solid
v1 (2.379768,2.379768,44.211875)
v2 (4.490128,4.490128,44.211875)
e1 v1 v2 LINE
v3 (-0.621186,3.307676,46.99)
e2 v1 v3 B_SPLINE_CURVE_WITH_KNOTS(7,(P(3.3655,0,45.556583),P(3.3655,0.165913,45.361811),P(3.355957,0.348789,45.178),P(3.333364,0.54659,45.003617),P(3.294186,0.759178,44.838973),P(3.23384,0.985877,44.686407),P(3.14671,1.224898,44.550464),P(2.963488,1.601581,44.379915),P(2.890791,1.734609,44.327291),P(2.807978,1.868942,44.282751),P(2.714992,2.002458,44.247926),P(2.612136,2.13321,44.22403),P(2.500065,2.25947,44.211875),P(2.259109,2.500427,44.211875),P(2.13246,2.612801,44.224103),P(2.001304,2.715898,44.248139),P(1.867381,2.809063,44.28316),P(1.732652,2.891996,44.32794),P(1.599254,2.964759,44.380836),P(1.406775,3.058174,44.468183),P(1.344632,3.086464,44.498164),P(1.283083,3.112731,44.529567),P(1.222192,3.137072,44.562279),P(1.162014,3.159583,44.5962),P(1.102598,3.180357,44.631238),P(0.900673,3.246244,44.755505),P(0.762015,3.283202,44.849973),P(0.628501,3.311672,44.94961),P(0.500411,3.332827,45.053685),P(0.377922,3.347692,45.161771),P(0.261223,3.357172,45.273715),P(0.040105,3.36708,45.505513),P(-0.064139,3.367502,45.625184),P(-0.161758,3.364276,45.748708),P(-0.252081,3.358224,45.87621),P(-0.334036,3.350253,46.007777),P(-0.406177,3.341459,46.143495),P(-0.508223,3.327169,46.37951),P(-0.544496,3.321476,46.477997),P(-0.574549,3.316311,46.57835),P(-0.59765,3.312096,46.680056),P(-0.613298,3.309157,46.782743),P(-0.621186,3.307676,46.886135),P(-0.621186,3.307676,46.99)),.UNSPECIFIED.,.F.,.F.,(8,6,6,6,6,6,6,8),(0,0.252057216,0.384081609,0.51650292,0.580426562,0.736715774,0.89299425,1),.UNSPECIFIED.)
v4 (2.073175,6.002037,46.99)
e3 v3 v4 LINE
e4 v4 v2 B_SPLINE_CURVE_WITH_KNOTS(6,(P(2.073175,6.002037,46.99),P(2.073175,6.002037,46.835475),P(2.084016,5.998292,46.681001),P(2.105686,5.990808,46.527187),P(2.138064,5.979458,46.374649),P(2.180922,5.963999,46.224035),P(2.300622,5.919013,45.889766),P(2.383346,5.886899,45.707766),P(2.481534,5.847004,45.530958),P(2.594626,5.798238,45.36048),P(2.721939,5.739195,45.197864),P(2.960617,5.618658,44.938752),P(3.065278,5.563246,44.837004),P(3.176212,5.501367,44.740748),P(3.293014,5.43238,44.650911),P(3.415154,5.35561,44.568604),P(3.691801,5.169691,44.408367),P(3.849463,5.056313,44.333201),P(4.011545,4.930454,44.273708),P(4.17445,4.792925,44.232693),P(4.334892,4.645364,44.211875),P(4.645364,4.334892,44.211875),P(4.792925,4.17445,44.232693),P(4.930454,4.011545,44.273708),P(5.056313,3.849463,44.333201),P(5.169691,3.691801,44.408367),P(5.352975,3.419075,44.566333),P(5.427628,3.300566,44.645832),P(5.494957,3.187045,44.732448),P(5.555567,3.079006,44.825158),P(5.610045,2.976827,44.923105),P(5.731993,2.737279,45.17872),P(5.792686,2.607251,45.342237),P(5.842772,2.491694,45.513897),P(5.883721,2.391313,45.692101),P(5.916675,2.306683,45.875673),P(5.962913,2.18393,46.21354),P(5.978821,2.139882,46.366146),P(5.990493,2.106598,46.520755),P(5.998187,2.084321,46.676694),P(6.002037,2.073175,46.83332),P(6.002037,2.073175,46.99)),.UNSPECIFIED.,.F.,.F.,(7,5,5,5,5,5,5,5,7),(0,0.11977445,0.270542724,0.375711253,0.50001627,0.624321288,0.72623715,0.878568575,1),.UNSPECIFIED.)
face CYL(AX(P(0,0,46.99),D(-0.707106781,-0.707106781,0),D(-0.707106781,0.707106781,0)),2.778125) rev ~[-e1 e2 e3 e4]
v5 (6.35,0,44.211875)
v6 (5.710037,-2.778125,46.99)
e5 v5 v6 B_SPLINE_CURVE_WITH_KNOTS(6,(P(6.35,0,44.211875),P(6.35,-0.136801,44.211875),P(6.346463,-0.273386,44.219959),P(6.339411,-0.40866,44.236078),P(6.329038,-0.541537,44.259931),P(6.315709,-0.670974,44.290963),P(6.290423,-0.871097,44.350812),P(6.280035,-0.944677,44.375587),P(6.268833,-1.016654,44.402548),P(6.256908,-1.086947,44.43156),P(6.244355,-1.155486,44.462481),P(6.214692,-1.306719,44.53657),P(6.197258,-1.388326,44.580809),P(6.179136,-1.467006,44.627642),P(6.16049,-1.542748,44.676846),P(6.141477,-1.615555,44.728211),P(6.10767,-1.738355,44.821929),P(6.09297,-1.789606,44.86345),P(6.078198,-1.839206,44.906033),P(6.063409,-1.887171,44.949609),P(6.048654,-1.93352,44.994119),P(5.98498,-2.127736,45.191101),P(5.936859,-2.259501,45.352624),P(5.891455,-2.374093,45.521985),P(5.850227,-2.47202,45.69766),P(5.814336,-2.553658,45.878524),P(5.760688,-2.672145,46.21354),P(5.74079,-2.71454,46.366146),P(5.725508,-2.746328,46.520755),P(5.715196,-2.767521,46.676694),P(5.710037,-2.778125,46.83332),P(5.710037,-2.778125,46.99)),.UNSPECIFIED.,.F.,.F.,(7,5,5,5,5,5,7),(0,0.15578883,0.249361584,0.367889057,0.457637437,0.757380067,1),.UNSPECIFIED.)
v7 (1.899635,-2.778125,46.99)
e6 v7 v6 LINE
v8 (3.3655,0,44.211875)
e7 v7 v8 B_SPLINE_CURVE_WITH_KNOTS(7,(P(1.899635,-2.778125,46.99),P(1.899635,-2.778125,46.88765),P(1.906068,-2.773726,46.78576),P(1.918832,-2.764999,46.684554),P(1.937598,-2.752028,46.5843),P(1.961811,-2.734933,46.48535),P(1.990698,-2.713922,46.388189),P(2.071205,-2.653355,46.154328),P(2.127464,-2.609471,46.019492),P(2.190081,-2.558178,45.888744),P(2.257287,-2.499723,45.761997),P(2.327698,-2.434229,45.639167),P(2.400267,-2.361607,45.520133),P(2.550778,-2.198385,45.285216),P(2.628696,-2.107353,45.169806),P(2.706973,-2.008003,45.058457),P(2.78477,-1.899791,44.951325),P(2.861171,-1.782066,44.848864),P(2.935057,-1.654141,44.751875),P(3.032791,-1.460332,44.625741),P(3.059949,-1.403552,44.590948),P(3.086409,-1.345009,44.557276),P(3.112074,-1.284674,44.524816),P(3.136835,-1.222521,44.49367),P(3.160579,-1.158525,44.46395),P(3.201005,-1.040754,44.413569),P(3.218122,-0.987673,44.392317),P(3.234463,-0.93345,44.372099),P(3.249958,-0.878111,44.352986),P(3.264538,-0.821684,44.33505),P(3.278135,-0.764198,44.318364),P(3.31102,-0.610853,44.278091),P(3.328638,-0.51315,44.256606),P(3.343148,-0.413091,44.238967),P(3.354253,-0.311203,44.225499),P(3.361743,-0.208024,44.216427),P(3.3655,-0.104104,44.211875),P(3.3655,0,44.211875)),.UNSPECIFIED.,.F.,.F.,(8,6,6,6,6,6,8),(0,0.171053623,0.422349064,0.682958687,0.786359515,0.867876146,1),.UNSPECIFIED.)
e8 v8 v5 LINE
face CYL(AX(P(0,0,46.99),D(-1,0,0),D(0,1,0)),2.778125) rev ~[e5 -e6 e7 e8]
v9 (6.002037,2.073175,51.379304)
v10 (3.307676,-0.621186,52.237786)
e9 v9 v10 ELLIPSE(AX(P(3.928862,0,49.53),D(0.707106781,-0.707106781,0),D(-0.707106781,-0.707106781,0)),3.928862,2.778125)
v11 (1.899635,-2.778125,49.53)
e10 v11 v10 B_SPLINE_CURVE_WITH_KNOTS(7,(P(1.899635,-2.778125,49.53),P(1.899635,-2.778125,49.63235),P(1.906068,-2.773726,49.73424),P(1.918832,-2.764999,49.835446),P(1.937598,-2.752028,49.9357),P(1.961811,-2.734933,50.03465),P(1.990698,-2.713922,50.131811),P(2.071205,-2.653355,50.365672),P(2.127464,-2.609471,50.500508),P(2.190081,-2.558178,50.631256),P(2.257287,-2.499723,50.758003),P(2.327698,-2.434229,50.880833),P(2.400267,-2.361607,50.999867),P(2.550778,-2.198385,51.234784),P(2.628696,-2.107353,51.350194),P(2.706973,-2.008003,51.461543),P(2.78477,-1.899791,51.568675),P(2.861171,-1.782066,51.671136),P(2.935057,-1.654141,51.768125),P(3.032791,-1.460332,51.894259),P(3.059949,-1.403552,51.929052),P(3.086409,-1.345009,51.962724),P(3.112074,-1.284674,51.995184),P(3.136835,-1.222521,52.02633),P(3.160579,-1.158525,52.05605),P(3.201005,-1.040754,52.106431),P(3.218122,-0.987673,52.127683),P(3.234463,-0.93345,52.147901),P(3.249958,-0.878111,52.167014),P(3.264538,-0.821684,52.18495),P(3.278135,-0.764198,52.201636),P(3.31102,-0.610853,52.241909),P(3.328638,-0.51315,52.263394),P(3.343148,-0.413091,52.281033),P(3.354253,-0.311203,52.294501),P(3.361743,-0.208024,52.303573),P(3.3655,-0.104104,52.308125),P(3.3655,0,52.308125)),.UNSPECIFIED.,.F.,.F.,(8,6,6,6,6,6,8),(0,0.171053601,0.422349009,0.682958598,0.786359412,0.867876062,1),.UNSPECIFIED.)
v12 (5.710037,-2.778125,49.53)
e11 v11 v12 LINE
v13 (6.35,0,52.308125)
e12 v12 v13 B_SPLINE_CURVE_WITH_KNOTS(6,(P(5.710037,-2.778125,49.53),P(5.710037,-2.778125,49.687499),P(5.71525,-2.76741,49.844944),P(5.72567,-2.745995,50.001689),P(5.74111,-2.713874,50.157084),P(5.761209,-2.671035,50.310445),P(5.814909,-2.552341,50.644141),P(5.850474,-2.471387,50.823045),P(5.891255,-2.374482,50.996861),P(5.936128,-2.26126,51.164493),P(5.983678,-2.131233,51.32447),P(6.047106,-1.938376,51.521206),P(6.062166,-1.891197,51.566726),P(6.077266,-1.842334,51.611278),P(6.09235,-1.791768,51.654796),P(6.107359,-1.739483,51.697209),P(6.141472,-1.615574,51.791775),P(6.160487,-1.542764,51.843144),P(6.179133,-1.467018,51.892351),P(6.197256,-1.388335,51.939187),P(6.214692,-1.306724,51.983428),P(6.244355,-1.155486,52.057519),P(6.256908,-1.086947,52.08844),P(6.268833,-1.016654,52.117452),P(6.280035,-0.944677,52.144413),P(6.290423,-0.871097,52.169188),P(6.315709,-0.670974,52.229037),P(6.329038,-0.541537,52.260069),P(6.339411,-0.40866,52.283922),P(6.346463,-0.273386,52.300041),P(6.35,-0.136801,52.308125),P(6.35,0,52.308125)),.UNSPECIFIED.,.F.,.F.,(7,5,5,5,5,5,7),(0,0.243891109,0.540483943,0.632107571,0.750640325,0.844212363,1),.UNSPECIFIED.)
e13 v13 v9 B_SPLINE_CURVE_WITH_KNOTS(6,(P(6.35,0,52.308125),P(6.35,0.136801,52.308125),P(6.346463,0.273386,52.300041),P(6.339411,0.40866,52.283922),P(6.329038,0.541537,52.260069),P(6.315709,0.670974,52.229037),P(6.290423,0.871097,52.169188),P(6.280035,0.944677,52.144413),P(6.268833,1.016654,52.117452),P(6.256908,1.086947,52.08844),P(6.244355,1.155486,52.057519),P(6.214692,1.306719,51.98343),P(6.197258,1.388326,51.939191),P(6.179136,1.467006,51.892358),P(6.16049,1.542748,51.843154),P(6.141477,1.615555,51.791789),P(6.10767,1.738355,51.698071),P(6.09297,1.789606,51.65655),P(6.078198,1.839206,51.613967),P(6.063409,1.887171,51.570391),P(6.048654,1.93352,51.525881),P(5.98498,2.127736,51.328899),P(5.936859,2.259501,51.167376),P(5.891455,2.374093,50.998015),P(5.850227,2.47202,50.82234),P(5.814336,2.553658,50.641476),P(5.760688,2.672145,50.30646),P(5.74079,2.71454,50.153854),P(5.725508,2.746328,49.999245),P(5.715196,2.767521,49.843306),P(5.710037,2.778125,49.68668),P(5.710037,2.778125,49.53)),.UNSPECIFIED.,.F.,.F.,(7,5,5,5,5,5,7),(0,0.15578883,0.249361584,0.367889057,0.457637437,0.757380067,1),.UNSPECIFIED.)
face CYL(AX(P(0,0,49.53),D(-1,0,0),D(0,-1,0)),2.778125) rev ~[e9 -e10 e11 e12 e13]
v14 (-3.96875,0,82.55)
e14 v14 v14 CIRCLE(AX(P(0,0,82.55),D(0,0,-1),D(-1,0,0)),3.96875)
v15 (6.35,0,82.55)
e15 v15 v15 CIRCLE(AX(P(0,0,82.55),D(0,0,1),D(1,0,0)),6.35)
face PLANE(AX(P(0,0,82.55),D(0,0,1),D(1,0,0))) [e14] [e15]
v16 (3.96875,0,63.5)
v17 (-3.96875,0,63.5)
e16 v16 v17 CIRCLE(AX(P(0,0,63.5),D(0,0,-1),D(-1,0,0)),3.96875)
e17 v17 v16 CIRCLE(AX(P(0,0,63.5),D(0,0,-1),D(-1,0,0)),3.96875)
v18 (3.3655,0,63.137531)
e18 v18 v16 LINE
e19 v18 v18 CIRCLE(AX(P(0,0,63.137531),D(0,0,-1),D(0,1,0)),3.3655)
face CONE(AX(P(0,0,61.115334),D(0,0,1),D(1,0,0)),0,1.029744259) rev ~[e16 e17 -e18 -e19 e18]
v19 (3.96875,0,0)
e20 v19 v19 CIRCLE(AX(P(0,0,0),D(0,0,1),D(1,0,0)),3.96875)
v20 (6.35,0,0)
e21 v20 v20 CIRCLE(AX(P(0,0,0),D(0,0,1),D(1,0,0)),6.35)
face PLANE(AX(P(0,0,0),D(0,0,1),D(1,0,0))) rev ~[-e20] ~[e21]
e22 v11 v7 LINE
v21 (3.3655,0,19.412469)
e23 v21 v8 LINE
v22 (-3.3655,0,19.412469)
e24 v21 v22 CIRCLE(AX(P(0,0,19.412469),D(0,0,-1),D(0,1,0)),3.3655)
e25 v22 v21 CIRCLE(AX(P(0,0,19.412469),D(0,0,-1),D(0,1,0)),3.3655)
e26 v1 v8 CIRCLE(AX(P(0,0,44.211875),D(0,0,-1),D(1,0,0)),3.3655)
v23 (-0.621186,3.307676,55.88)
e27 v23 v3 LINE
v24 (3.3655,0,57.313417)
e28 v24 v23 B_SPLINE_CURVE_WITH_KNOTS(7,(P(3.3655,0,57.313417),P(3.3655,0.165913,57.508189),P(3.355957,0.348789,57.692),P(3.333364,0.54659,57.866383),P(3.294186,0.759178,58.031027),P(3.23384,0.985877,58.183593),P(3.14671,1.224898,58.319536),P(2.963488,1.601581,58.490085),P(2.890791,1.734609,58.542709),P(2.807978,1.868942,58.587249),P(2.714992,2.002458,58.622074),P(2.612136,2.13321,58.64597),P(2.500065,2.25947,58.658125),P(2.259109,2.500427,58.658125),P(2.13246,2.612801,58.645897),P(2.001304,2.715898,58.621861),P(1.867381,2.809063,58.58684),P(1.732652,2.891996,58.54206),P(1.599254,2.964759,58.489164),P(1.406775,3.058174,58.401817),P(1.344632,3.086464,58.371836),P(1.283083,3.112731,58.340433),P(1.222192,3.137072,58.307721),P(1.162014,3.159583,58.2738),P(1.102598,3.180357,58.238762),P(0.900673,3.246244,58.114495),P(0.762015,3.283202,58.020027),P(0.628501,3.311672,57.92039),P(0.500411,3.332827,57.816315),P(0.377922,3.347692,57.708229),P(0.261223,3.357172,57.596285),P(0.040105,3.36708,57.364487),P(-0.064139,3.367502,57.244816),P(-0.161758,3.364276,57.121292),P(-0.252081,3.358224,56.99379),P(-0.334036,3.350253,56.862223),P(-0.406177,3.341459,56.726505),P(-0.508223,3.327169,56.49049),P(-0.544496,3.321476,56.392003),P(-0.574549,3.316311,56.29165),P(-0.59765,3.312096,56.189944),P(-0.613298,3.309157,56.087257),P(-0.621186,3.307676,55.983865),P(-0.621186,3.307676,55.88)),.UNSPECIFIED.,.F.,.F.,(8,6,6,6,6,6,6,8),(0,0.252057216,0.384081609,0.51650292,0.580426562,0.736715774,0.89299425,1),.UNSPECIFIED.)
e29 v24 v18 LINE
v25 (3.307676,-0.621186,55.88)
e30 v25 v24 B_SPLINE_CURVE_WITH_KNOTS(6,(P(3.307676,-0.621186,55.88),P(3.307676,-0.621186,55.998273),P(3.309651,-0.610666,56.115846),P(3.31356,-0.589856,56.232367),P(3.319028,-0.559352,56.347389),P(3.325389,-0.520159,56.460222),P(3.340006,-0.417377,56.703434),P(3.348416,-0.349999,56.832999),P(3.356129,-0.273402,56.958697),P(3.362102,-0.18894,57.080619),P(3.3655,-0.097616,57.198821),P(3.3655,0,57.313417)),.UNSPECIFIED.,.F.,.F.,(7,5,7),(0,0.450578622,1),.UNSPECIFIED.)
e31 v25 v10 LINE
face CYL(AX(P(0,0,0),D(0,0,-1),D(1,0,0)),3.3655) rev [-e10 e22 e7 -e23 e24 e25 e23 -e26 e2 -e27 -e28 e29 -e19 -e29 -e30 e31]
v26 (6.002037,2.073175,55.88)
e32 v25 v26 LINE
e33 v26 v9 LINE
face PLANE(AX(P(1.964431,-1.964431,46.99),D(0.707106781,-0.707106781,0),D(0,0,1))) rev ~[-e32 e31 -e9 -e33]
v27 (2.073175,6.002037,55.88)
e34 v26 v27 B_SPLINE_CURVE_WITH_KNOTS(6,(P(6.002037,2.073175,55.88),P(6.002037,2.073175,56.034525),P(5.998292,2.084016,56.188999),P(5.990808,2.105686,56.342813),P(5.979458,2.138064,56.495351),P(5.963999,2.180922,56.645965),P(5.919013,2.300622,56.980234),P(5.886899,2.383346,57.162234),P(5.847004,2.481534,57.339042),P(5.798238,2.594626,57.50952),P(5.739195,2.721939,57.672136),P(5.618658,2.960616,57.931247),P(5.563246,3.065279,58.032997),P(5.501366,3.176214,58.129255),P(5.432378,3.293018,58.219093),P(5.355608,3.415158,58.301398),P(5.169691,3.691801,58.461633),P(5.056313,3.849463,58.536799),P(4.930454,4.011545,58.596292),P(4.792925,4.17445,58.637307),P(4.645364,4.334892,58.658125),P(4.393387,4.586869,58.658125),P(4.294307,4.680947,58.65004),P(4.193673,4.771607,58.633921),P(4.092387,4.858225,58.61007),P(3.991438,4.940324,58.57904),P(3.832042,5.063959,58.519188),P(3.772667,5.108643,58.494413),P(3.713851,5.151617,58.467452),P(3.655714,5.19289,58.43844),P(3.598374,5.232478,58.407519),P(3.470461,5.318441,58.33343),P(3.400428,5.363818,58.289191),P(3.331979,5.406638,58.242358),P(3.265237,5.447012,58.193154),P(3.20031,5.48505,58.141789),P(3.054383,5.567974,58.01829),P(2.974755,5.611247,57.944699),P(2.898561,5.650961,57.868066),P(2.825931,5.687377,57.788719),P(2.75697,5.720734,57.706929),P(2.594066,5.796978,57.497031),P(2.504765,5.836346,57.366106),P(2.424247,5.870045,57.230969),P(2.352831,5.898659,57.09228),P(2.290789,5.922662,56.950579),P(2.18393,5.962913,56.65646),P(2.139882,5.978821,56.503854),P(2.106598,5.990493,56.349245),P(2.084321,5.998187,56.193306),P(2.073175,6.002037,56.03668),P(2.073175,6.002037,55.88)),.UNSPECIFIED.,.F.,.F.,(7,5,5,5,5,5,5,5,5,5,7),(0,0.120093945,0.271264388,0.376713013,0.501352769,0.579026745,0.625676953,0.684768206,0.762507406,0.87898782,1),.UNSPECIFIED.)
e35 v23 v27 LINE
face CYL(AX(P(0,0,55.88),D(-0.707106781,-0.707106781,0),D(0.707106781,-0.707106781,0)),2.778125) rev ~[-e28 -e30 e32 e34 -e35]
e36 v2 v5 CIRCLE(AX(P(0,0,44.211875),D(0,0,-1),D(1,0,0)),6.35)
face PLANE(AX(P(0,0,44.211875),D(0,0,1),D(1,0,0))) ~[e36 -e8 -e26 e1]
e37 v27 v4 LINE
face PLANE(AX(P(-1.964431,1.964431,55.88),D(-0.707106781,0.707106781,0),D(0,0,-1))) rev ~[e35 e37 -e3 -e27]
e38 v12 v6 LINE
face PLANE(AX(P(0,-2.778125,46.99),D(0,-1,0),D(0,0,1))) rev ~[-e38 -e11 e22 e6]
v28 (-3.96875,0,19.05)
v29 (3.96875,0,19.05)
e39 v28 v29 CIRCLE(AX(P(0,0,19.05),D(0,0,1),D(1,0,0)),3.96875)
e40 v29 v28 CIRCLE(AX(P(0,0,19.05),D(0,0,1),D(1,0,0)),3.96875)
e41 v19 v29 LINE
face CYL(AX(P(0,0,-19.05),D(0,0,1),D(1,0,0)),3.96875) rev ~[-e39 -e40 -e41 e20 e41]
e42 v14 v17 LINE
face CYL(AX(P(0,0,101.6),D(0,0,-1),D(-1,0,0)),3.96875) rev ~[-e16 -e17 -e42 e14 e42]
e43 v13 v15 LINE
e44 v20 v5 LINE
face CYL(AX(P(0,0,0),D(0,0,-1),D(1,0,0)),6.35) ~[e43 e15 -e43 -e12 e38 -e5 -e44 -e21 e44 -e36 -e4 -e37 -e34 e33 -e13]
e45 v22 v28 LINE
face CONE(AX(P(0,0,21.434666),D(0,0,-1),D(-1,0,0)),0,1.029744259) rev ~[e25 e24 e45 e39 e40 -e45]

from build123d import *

# Parameters (mm, degrees)
SKETCH1_R                   = 6.35
SKETCH1_R_2                 = 3.3655
BOSS_EXTRUDE1_DEPTH         = 82.55
F_3_8_16_TAPPED_HOLE0_D     = 7.9375
F_3_8_16_TAPPED_HOLE0_DEPTH = 19.05
F_3_8_16_TAPPED_HOLE0_TIP   = 2.384665582
CUT_EXTRUDE2_DEPTH          = 7.35
SKETCH75_W                  = 12.7
SKETCH75_H                  = 5.318125
CUT_REVOLVE1_ANGLE          = 45
CUT_EXTRUDE3_DEPTH          = 9.980256262
F_3_8_16_TAPPED_HOLE1_D     = 7.9375
F_3_8_16_TAPPED_HOLE1_DEPTH = 19.05
F_3_8_16_TAPPED_HOLE1_TIP   = 2.384665582


with BuildPart() as part:
    # Sketch1 → Boss-Extrude1 (new body)
    with BuildSketch(Plane.XY):
        Circle(SKETCH1_R)
        Circle(SKETCH1_R_2, mode=Mode.SUBTRACT)
    extrude(amount=BOSS_EXTRUDE1_DEPTH)

    # 3/8-16 Tapped Hole0
    with Locations(Plane(origin=(0, 0, 0), x_dir=(-1, 0, 0), z_dir=(0, 0, -1))):
        with Locations((0, 0)):
            Hole(F_3_8_16_TAPPED_HOLE0_D / 2, depth=F_3_8_16_TAPPED_HOLE0_DEPTH)
            with Locations((0, 0, -(F_3_8_16_TAPPED_HOLE0_DEPTH + F_3_8_16_TAPPED_HOLE0_TIP / 2))):  # 118° drill point
                Cone(0, F_3_8_16_TAPPED_HOLE0_D / 2, F_3_8_16_TAPPED_HOLE0_TIP, mode=Mode.SUBTRACT)

    # Sketch13 → Cut-Extrude2 (cut, through all)
    with BuildSketch(Plane(origin=(0, 0, 0), x_dir=(0, 0, -1), z_dir=(1, 0, 0))):
        with BuildLine():
            Line((-49.53, 2.778125), (-46.99, 2.778125))
            ThreePointArc((-46.99, 2.778125), (-44.211875, 0), (-46.99, -2.778125))
            Line((-46.99, -2.778125), (-49.53, -2.778125))
            ThreePointArc((-49.53, -2.778125), (-52.308125, 0), (-49.53, 2.778125))
        make_face()
    extrude(amount=CUT_EXTRUDE2_DEPTH, mode=Mode.SUBTRACT)

    # Sketch75 → Cut-Revolve1 (revolve, cut)
    with BuildSketch(Plane(origin=(0, 0, 0), x_dir=(1, 0, 0), z_dir=(0, 1, 0))):
        with Locations((6.35, -46.8709375)):
            Rectangle(SKETCH75_W, SKETCH75_H)
    revolve(axis=Axis((0, 0, 0), (0, 0, 1)), revolution_arc=CUT_REVOLVE1_ANGLE, mode=Mode.SUBTRACT)

    # Sketch52 → Cut-Extrude3 (cut, through all)
    with BuildSketch(Plane(origin=(0, 0, 0), x_dir=(0.707106781, -0.707106781, 0), z_dir=(0.707106781, 0.707106781, 0))):
        with BuildLine():
            Line((-2.778125, -55.88), (-2.778125, -46.99))
            ThreePointArc((-2.778125, -46.99), (0, -44.211875), (2.778125, -46.99))
            Line((2.778125, -46.99), (2.778125, -55.88))
            ThreePointArc((2.778125, -55.88), (0, -58.658125), (-2.778125, -55.88))
        make_face()
    extrude(amount=CUT_EXTRUDE3_DEPTH, mode=Mode.SUBTRACT)

    # 3/8-16 Tapped Hole1
    with Locations(Plane.XY.offset(82.55)):
        with Locations((0, 0)):
            Hole(F_3_8_16_TAPPED_HOLE1_D / 2, depth=F_3_8_16_TAPPED_HOLE1_DEPTH)
            with Locations((0, 0, -(F_3_8_16_TAPPED_HOLE1_DEPTH + F_3_8_16_TAPPED_HOLE1_TIP / 2))):  # 118° drill point
                Cone(0, F_3_8_16_TAPPED_HOLE1_D / 2, F_3_8_16_TAPPED_HOLE1_TIP, mode=Mode.SUBTRACT)


solid = part.part
